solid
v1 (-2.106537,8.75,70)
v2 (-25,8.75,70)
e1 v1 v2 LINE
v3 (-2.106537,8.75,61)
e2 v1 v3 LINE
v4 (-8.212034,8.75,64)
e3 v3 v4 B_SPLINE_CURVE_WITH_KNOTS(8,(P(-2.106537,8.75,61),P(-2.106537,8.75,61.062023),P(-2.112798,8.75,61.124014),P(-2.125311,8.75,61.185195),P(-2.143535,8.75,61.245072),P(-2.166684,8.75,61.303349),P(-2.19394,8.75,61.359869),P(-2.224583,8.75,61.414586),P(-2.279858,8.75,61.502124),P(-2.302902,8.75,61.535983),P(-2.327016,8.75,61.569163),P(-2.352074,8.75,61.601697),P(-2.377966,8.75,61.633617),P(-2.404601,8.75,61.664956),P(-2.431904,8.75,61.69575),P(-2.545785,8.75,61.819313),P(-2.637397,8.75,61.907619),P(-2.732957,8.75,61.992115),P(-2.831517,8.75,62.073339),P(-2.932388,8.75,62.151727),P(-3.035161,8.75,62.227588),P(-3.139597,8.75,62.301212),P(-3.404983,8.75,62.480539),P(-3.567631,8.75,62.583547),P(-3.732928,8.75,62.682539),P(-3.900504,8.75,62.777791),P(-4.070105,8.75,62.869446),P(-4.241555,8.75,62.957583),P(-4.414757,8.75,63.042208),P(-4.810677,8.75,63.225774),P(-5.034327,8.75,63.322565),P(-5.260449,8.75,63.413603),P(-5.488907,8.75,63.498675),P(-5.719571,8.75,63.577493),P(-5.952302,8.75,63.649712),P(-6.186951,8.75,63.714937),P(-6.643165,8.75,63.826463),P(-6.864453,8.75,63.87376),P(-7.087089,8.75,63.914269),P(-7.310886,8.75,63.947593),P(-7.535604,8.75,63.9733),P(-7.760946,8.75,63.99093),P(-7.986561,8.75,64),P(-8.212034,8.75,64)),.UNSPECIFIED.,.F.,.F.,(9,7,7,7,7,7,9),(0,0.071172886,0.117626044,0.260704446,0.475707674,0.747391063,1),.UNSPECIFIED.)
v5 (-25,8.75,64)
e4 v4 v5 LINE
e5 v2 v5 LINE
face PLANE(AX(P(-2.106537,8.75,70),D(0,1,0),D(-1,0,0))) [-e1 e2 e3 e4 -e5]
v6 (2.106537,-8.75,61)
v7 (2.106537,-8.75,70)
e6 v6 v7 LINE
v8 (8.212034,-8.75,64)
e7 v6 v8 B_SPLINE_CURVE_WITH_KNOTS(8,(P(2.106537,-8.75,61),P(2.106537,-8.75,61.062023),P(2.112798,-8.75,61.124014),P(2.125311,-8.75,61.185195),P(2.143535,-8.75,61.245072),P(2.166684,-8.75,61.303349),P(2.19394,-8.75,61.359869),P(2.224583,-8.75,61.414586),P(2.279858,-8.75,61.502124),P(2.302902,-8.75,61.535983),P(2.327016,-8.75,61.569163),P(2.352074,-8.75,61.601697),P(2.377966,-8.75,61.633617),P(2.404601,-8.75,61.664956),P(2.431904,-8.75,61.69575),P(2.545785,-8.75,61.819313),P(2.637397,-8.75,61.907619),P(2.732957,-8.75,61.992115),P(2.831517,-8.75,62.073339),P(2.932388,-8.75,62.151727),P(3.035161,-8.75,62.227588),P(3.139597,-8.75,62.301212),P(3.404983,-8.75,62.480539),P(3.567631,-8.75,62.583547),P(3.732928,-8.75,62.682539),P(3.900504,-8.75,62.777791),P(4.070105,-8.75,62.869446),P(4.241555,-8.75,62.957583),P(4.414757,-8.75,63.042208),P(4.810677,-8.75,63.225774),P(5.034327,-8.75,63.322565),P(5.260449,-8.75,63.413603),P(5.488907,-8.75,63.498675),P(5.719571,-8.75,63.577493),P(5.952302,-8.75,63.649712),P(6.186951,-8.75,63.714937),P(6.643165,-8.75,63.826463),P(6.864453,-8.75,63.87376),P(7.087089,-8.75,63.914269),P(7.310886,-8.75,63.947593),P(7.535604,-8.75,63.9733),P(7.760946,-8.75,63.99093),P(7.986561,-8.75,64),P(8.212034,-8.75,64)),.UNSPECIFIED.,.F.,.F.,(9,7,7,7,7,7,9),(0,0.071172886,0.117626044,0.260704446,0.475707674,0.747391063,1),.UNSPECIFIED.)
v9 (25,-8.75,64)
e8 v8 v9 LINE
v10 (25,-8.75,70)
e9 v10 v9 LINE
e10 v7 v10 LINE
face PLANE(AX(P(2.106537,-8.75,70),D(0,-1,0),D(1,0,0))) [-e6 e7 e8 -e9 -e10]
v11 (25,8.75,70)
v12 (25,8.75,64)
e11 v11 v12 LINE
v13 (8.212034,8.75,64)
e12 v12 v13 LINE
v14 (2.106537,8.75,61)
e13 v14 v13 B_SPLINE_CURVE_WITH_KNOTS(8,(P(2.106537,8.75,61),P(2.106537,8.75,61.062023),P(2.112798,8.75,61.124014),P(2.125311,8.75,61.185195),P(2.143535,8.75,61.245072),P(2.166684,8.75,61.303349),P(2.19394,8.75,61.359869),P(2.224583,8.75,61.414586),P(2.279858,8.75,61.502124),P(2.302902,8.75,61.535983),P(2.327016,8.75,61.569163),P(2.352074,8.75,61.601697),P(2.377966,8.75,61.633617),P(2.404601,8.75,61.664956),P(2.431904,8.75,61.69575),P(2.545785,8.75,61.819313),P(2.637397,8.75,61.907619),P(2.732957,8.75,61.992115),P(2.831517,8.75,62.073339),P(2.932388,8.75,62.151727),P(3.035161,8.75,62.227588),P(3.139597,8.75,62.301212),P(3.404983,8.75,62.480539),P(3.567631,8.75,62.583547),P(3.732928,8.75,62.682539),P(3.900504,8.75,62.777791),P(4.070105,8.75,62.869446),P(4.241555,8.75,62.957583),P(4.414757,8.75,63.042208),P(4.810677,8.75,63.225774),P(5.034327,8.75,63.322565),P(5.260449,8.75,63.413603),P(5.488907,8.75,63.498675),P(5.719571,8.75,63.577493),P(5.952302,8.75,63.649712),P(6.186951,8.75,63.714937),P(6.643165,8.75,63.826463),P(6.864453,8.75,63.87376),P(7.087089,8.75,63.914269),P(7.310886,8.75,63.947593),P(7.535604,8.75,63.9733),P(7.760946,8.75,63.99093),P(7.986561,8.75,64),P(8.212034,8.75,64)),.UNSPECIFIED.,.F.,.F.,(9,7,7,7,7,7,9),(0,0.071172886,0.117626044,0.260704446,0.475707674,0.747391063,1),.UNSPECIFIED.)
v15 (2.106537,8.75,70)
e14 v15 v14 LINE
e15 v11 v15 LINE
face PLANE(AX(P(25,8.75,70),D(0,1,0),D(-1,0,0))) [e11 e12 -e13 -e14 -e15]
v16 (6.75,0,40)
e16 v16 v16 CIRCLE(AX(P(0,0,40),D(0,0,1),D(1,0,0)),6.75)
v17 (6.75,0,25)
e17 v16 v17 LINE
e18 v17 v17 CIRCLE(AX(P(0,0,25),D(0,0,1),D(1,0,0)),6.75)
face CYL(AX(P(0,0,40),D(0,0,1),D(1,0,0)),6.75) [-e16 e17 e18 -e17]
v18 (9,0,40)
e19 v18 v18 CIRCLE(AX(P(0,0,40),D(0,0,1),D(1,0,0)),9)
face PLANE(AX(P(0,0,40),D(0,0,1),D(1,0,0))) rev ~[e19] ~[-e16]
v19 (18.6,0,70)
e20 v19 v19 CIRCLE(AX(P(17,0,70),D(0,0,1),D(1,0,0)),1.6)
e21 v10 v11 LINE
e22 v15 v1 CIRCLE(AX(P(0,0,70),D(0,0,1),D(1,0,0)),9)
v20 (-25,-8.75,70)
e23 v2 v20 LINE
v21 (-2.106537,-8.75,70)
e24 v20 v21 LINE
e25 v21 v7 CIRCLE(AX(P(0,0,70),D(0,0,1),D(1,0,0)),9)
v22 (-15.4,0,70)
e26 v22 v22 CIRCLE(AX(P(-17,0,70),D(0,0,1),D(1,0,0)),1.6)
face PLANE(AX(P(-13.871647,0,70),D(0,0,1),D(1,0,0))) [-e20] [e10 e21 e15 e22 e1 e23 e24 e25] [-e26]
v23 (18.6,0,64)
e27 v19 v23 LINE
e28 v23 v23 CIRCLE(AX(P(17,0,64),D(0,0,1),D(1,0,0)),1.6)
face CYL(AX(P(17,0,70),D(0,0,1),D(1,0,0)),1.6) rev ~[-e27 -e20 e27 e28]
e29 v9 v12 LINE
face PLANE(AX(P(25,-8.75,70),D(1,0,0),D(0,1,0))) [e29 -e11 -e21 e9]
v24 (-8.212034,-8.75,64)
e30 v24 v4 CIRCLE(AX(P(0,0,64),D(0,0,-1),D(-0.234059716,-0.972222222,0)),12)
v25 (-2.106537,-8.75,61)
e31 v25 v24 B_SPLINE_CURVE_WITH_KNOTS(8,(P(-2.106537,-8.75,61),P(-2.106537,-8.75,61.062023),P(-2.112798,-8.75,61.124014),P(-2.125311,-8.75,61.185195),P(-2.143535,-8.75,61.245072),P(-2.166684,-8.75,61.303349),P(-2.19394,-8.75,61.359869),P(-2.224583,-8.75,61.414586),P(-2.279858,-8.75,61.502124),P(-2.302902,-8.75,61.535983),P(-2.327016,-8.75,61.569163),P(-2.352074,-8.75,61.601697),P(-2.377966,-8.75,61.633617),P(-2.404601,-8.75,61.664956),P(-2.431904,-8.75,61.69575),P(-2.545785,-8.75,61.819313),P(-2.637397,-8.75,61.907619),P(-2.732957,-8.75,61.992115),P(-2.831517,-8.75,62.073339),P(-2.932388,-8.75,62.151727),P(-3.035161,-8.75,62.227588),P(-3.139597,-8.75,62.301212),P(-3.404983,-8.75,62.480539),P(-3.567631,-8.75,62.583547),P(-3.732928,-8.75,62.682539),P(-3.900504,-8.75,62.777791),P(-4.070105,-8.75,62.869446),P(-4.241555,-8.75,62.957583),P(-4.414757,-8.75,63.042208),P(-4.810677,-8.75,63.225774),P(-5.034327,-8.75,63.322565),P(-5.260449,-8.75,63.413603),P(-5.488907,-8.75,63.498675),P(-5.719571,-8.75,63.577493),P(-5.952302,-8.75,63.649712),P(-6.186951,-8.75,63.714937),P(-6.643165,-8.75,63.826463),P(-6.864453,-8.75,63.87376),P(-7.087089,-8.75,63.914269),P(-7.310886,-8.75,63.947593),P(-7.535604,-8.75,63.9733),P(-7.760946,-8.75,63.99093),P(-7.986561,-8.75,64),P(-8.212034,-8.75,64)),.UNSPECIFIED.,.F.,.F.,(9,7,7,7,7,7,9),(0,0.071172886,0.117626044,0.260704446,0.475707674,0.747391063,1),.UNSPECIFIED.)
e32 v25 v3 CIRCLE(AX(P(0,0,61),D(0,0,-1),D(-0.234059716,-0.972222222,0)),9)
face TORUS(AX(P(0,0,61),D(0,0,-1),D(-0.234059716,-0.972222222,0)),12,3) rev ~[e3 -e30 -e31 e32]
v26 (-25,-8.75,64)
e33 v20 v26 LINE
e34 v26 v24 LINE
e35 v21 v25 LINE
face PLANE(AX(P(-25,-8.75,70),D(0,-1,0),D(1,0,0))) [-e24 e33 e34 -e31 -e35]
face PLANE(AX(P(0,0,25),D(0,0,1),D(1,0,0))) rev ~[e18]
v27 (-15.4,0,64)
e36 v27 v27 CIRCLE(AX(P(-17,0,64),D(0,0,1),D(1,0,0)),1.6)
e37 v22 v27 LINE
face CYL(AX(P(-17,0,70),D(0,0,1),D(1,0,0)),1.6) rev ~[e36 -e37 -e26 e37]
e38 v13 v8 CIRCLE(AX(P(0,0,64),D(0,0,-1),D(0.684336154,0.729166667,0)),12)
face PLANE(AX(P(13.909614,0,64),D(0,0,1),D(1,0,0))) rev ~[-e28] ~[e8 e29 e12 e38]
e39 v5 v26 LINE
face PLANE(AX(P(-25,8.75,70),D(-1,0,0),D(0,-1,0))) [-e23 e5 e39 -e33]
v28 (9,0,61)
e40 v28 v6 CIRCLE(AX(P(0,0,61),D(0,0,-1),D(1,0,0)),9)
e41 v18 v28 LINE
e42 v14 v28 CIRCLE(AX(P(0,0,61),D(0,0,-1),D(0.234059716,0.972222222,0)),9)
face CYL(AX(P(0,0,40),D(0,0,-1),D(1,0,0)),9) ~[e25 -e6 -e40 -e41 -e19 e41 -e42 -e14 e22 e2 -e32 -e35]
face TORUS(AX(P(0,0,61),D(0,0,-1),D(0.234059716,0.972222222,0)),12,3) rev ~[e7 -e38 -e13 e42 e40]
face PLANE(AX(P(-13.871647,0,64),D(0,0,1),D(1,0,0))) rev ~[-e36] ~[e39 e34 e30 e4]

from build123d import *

# Parameters (mm, degrees)
F1_R     = 6.75
F2_DEPTH = 15
F3_R     = 9
F4_DEPTH = 30
F5_R     = 1.6
F6_DEPTH = 6
F7_R     = 3


with BuildPart() as f2:
    # F1 (on offset) → F2 (new body)
    with BuildSketch(Plane.XY.offset(40)):
        Circle(F1_R)
    extrude(amount=-F2_DEPTH)

    # F3 (on offset) → F4 (join)
    with BuildSketch(Plane.XY.offset(40)):
        Circle(F3_R)
    extrude(amount=F4_DEPTH)

    # F5 (on face) → F6 (join)
    with BuildSketch(Plane.XY.offset(70)):
        with BuildLine():
            Line((-2.1065374433, 8.75), (-25, 8.75))
            Line((-25, 8.75), (-25, -8.75))
            Line((-25, -8.75), (-2.1065374433, -8.75))
            ThreePointArc((-2.1065374433, -8.75), (-9, 0), (-2.1065374433, 8.75))
        make_face()
        with Locations((-17, 0)):
            Circle(F5_R, mode=Mode.SUBTRACT)
        with BuildLine():
            Line((25, 8.75), (2.1065374433, 8.75))
            ThreePointArc((2.1065374433, 8.75), (7.0696123299, 5.5696123299), (9, 0))
            ThreePointArc((9, 0), (7.0696123299, -5.5696123299), (2.1065374433, -8.75))
            Line((2.1065374433, -8.75), (25, -8.75))
            Line((25, -8.75), (25, 8.75))
        make_face()
        with Locations((17, 0)):
            Circle(F5_R, mode=Mode.SUBTRACT)
        with BuildLine():
            Line((2.1065374433, -8.75), (-2.1065374433, -8.75))
            ThreePointArc((-2.1065374433, -8.75), (0, -9), (2.1065374433, -8.75))
        make_face()
    extrude(amount=-F6_DEPTH)

    # F7
    f7_edges = [f2.edges().sort_by_distance(p)[0] for p in [
        (7.069612, 5.569612, 64),
        (-9, 0, 64),
        (7.069612, -5.569612, 64),
    ]]
    fillet(f7_edges, radius=F7_R)


solid = f2.part
